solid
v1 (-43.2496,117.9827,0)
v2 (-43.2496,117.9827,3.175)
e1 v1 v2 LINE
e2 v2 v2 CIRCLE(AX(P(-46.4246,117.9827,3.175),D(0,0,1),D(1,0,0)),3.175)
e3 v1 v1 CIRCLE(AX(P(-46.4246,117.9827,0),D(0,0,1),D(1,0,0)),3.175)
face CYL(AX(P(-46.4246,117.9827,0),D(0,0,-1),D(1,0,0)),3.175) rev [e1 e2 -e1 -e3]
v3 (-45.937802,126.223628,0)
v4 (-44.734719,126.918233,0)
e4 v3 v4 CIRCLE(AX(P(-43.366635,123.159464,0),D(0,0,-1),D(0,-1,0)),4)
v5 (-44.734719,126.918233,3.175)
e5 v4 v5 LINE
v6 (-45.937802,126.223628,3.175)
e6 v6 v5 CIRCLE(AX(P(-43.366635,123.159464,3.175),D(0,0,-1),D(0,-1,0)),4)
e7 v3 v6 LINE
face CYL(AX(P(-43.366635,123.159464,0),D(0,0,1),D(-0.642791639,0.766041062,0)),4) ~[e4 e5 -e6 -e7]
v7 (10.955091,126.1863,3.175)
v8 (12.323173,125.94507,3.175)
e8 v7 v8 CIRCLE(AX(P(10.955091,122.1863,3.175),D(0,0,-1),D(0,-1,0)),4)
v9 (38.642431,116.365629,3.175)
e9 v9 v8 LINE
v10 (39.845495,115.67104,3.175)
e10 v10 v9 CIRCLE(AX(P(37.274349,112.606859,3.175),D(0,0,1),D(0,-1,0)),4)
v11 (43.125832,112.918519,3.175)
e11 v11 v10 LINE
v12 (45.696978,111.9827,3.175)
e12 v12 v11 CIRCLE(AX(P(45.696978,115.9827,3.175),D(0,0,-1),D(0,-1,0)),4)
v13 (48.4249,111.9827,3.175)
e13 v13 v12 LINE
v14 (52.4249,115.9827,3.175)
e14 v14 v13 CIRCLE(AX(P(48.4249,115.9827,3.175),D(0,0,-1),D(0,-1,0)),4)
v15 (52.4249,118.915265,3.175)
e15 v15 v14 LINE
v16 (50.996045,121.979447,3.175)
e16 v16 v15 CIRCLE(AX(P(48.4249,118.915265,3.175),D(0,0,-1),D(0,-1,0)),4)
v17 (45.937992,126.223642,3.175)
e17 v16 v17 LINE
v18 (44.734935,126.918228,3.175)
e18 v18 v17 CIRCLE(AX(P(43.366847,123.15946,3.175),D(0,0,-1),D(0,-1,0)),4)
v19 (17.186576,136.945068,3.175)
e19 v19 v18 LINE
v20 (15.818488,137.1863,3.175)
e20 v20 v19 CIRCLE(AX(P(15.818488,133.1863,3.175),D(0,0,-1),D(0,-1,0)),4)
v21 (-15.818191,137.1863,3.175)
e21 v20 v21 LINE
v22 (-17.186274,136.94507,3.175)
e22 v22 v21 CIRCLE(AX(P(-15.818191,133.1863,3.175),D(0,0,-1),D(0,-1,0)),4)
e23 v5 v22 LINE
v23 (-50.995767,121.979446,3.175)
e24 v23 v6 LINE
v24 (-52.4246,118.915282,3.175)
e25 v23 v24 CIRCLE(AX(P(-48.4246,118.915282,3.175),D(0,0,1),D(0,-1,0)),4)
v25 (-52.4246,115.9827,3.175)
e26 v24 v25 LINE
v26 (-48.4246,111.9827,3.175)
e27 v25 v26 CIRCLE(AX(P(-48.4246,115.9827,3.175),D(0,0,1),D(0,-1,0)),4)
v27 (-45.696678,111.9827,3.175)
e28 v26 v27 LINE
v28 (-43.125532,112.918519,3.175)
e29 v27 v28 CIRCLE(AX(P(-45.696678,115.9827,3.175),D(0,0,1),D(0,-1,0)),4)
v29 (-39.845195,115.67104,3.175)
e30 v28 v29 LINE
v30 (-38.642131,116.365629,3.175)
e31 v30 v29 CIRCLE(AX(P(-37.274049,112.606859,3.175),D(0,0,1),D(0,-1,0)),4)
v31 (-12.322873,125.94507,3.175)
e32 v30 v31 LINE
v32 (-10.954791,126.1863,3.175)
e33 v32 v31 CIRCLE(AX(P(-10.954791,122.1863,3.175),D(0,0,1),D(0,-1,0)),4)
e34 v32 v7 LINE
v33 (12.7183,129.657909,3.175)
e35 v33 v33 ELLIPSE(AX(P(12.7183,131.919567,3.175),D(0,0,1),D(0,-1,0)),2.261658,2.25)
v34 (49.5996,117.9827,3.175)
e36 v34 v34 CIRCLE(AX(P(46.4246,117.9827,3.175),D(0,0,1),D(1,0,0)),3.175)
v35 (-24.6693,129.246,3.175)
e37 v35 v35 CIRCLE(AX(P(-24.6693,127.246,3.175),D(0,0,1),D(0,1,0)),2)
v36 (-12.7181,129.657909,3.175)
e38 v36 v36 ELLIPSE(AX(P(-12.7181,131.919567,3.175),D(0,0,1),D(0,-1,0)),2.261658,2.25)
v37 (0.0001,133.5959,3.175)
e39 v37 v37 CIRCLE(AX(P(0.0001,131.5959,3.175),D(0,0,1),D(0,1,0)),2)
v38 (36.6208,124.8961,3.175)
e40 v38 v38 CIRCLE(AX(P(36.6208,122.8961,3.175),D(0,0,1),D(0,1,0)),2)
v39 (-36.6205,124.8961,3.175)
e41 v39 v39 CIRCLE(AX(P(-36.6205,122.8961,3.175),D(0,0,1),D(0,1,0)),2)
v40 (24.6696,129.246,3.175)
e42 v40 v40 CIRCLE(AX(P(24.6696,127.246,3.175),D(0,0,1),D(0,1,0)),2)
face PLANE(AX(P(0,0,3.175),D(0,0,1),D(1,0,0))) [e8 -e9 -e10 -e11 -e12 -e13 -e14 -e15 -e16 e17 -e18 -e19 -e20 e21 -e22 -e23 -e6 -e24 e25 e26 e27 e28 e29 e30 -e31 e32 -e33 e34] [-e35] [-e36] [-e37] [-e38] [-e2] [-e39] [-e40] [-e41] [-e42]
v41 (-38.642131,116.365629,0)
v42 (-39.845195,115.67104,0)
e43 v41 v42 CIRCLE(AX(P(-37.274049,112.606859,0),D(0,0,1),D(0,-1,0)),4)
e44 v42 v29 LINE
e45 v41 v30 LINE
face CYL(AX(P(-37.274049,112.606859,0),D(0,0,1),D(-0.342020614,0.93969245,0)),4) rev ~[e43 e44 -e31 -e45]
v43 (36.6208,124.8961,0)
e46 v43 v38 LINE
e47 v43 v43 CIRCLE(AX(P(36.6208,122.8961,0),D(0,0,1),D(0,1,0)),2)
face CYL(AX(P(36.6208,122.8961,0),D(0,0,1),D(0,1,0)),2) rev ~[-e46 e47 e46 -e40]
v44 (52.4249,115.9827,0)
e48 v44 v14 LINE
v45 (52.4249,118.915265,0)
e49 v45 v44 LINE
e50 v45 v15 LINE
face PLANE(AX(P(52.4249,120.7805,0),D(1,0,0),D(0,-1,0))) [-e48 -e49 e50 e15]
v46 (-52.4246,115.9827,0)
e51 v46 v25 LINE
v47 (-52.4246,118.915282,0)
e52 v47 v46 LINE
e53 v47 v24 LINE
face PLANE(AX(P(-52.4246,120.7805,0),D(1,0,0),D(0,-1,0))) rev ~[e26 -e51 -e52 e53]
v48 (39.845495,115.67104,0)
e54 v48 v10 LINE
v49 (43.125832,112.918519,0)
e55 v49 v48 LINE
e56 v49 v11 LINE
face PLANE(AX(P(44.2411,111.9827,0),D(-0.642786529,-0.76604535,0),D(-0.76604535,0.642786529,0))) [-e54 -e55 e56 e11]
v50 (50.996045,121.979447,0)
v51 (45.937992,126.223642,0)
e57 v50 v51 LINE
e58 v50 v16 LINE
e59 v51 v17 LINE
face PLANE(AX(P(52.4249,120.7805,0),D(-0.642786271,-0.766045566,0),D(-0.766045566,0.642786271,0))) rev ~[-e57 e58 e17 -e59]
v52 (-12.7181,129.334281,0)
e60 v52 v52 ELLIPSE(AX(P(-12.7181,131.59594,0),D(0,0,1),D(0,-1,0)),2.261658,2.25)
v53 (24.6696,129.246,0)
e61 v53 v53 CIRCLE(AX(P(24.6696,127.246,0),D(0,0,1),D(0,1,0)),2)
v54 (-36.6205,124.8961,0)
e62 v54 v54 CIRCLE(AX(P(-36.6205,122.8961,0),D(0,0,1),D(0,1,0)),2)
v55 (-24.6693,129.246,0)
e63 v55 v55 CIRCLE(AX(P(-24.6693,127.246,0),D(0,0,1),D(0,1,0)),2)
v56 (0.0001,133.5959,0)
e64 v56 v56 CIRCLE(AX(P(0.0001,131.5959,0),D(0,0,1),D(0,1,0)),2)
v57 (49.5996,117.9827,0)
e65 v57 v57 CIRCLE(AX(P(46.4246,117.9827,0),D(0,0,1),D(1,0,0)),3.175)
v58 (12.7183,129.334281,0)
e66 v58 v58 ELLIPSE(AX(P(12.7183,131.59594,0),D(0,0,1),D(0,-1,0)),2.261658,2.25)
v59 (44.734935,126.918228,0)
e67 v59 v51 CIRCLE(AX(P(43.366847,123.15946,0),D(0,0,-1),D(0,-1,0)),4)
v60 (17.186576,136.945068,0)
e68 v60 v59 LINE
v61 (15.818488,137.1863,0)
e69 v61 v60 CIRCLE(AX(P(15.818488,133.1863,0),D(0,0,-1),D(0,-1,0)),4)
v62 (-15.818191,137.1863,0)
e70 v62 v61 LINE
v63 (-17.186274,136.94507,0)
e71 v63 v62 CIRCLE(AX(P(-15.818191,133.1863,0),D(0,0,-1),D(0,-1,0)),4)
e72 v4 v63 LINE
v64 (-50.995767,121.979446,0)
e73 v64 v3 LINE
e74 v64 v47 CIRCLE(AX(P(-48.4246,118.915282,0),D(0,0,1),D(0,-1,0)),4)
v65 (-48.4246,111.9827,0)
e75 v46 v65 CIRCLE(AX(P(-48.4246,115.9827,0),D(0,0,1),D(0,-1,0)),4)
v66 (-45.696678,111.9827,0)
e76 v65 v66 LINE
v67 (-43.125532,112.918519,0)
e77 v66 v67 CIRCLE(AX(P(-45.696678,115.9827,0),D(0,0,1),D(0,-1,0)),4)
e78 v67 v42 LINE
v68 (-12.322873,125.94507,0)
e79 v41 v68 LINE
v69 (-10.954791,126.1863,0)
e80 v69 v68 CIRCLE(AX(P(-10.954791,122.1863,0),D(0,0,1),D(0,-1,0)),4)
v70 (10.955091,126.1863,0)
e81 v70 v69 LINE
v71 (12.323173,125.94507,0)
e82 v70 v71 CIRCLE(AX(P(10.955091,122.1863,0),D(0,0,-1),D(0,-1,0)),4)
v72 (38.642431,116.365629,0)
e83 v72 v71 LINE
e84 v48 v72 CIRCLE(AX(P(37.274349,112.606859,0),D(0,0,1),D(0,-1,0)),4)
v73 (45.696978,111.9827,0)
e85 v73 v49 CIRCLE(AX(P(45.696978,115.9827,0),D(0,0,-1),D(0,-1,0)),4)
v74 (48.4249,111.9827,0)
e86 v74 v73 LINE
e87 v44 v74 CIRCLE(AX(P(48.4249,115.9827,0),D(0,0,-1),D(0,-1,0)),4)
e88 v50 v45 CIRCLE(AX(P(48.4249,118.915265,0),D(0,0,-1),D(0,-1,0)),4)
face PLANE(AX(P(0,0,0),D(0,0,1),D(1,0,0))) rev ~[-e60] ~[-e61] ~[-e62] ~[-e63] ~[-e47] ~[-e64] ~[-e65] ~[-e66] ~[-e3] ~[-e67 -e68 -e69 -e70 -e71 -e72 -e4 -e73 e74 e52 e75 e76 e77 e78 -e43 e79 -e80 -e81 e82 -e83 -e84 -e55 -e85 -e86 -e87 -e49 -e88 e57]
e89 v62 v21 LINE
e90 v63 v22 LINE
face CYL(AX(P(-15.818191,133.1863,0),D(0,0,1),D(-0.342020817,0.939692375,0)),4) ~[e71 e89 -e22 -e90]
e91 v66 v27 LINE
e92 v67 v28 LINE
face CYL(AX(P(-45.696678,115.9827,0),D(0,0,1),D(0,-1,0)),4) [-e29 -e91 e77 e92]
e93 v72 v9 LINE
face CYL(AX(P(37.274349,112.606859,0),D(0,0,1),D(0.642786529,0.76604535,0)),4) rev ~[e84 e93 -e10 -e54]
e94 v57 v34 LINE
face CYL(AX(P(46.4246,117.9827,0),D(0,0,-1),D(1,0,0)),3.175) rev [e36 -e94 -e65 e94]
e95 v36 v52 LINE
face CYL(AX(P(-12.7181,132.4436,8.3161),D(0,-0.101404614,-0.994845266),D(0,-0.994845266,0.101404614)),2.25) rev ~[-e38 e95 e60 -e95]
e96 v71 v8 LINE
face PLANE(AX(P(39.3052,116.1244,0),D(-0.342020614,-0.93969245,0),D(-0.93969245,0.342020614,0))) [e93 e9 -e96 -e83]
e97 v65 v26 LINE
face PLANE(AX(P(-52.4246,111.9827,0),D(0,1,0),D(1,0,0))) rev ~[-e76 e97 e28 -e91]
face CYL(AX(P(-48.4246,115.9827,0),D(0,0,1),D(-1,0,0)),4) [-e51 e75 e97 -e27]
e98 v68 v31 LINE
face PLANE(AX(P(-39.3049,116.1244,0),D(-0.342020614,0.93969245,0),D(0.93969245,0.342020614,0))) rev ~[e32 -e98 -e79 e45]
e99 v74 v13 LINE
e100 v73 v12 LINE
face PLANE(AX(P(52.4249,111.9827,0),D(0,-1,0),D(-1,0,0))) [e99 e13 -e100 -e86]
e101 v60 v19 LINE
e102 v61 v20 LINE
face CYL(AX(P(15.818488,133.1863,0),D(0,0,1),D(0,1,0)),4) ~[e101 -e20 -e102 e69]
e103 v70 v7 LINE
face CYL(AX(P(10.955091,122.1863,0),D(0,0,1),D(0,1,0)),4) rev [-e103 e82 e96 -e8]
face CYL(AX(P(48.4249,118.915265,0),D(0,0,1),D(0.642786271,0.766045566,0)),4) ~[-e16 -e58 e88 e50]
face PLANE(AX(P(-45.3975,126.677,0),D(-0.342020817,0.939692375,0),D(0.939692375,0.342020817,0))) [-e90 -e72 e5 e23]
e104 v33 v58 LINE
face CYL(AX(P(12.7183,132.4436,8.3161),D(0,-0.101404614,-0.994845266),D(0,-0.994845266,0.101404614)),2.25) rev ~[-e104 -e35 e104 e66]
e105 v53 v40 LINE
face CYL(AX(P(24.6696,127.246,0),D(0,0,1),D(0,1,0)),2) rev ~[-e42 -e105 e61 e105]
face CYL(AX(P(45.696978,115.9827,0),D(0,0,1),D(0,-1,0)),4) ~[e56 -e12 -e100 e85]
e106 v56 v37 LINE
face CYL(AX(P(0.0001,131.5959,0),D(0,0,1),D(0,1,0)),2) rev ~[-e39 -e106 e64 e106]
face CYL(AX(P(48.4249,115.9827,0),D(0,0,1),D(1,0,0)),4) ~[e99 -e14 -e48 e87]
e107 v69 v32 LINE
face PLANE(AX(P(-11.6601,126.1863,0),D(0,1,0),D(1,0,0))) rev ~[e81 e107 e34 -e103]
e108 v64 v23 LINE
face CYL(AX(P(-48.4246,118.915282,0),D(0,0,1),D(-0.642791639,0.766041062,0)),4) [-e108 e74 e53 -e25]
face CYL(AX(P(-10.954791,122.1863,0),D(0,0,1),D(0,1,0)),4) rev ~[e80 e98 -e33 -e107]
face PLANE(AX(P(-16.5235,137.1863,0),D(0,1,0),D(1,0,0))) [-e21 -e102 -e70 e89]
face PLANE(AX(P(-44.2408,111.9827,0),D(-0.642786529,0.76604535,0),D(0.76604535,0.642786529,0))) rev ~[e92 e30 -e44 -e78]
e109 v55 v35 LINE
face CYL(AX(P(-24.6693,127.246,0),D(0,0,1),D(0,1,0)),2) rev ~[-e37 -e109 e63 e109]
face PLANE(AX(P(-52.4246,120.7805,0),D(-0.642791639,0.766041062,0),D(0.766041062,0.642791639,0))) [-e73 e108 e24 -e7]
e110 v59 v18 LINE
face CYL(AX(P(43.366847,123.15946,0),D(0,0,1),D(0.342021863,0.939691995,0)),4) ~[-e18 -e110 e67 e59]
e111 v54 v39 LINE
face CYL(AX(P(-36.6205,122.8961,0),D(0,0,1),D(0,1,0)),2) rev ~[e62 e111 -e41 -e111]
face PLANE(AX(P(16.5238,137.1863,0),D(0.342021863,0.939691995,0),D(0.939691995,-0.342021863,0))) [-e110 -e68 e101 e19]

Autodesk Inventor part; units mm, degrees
ref_plane "YZ Plane" through (0, 0, 0) normal (1, 0, 0) x (0, 1, 0)
ref_plane "XZ Plane" through (0, 0, 0) normal (0, 1, 0) x (-1, 0, 0)
ref_plane "XY Plane" through (0, 0, 0) normal (0, 0, 1) x (1, 0, 0)
sketch "Base" plane through (0, 0, 0) normal (0, 0, 1) x (1, 0, 0)
  circle A0 centre (-46.4246, 117.9827) radius 2.5
  line L0 (-52.4246, 120.7805) -> (-52.4246, 111.9827)
  line L1 (-52.4246, 111.9827) -> (-44.2408, 111.9827)
  line L2 (-52.4246, 120.7805) -> (-45.3975, 126.677)
  line L3 (-45.3975, 126.677) -> (-16.5235, 137.1863)
  line L4 (-44.2408, 111.9827) -> (-39.3049, 116.1244)
  line L5 (-39.3049, 116.1244) -> (-11.6601, 126.1863)
  line L6 (-11.6601, 126.1863) -> (0.0157, 126.1863)
  line L7 (-16.5235, 137.1863) -> (0, 137.1863)
  line L8 (0.0001, 252.4162) -> (0.0001, -227.6975)
  line L9 (52.4249, 120.7805) -> (52.4249, 111.9827)
  line L10 (52.4249, 111.9827) -> (44.2411, 111.9827)
  line L11 (52.4249, 120.7805) -> (45.3977, 126.677)
  line L12 (44.2411, 111.9827) -> (39.3052, 116.1244)
  line L13 (39.3052, 116.1244) -> (11.6604, 126.1863)
  line L14 (11.6604, 126.1863) -> (0.0157, 126.1863)
  line L15 (16.5238, 137.1863) -> (0, 137.1863)
  line L16 (16.5238, 137.1863) -> (45.3977, 126.677)
  ellipse E0 centre (-12.7181, 132.1863) end of major axis (-10.7181, 132.1863) minor radius 1.9897 construction
  ellipse E1 centre (12.7183, 132.1863) end of major axis (14.7183, 132.1863) minor radius 1.9897 construction
  circle A1 centre (-46.4246, 117.9827) radius 3.175
  circle A2 centre (46.4246, 117.9827) radius 3.175
  point P0 (0, 0)
  dimension "d1" = 5
  dimension "d2" = 6
  dimension "d3" = 6
  dimension "d5" = 12
  dimension "d6" = 160
  dimension "d7" = 160
  dimension "d8" = 6
  dimension "d9" = 6
  dimension "d10" = 6
  dimension "d11" = 6
  dimension "d20" = 5
extrude "Plate1" add sketch "Base" along normal blind 3.175 contours L2 L3 L7 L8 L6 L5 L4 L1 L0 | L15 L16 L11 L9 L10 L12 L13 L14 L6 L8
fillet "FilletsFeature" radius 4 14 edges at (-45.3975, 126.677, 1.5875) (-16.5235, 137.1863, 1.5875) (-52.4246, 120.7805, 1.5875) (-52.4246, 111.9827, 1.5875) (16.5238, 137.1863, 1.5875) (45.3977, 126.677, 1.5875) (52.4249, 120.7805, 1.5875) (52.4249, 111.9827, 1.5875) (44.2411, 111.9827, 1.5875) (39.3052, 116.1244, 1.5875) (11.6604, 126.1863, 1.5875) (-11.6601, 126.1863, 1.5875) (-39.3049, 116.1244, 1.5875) (-44.2408, 111.9827, 1.5875)
ref_plane "BentCutPlane" through (-12.7181, 132.4436, 8.3161) normal (0, 0.1014, 0.9948) x (0, -0.9948, 0.1014)
sketch "BentCutProfile" plane through (-12.7181, 132.4436, 8.3161) normal (0, 0.1014, 0.9948) x (0, -0.9948, 0.1014)
  circle A0 centre (0, 0) radius 2 projected
  circle A1 centre (0, 25.4364) radius 2 projected
  point P0 (130.9175, 12.7181)
hole "BentCutProfileHoleFeature" at (-12.7181, 132.4436, 8.3161) at (12.7183, 132.4436, 8.3161) direction (0, -0.1014, -0.9948) diameter 4.5 end through all
sketch "UtilityHoles" plane through (0, 0, 0) normal (0, 0, -1) x (-1, 0, 0)
  ellipse E0 centre (-12.7183, 131.5959) end of major axis (-12.7183, 129.3342) minor radius 2.25 projected
  ellipse E1 centre (12.7181, 131.5959) end of major axis (12.7181, 129.3342) minor radius 2.25 projected
  circle A0 centre (-46.4246, 117.9827) radius 3.175 projected
  line L0 (15.8182, 137.1863) -> (-15.8185, 137.1863) projected
  line L1 (-0.0001, 137.1863) -> (-0.0001, 126.1863)
  line L2 (10.9548, 126.1863) -> (-10.9551, 126.1863) projected
  line L3 (-12.7183, 131.5959) -> (-44.1201, 120.1666) construction
  line L4 (-12.3232, 125.945) -> (-38.6424, 116.3656) projected
  line L5 (-12.7183, 131.5959) -> (12.7181, 131.5959) construction
  circle A1 centre (-0.0001, 131.5959) radius 2
  circle A2 centre (-24.6696, 127.246) radius 2
  circle A3 centre (-36.6208, 122.8961) radius 2
  circle A4 centre (24.6693, 127.246) radius 2
  circle A5 centre (36.6205, 122.8961) radius 2
  point P0 (0, 0)
  dimension "d21" = 4
  dimension "d22" = 12.7182
  dimension "d23" = 12.7182
  dimension "d24" = 12.7182
hole "UtilityHolesFeature" at (36.6208, 122.8961, 0) at (24.6696, 127.246, 0) at (0.0001, 131.5959, 0) at (-24.6693, 127.246, 0) at (-36.6205, 122.8961, 0) direction (0, 0, 1) diameter 4 end through all
equation "\"d18\" = Thickness"
equation "\"d23\" = d22"
equation "\"d24\" = d22"
equation "\"d30\" = Thickness"
equation "\"d0\" = Thickness"
equation "\"BendRadius\" = Thickness"
equation "\"BendReliefWidth\" = Thickness"
equation "\"BendReliefDepth\" = 0.5 * Thickness"
equation "\"CornerReliefSize\" = 4 * Thickness"
equation "\"MinimumRemnant\" = 2 * Thickness"
equation "\"TransitionRadius\" = BendRadius"
equation "\"JacobiRadiusSize\" = BendRadius"
equation "\"GapSize\" = Thickness"
equation "\"Thickness\" = 3.175"
properties part number "HeadTopConnector"
